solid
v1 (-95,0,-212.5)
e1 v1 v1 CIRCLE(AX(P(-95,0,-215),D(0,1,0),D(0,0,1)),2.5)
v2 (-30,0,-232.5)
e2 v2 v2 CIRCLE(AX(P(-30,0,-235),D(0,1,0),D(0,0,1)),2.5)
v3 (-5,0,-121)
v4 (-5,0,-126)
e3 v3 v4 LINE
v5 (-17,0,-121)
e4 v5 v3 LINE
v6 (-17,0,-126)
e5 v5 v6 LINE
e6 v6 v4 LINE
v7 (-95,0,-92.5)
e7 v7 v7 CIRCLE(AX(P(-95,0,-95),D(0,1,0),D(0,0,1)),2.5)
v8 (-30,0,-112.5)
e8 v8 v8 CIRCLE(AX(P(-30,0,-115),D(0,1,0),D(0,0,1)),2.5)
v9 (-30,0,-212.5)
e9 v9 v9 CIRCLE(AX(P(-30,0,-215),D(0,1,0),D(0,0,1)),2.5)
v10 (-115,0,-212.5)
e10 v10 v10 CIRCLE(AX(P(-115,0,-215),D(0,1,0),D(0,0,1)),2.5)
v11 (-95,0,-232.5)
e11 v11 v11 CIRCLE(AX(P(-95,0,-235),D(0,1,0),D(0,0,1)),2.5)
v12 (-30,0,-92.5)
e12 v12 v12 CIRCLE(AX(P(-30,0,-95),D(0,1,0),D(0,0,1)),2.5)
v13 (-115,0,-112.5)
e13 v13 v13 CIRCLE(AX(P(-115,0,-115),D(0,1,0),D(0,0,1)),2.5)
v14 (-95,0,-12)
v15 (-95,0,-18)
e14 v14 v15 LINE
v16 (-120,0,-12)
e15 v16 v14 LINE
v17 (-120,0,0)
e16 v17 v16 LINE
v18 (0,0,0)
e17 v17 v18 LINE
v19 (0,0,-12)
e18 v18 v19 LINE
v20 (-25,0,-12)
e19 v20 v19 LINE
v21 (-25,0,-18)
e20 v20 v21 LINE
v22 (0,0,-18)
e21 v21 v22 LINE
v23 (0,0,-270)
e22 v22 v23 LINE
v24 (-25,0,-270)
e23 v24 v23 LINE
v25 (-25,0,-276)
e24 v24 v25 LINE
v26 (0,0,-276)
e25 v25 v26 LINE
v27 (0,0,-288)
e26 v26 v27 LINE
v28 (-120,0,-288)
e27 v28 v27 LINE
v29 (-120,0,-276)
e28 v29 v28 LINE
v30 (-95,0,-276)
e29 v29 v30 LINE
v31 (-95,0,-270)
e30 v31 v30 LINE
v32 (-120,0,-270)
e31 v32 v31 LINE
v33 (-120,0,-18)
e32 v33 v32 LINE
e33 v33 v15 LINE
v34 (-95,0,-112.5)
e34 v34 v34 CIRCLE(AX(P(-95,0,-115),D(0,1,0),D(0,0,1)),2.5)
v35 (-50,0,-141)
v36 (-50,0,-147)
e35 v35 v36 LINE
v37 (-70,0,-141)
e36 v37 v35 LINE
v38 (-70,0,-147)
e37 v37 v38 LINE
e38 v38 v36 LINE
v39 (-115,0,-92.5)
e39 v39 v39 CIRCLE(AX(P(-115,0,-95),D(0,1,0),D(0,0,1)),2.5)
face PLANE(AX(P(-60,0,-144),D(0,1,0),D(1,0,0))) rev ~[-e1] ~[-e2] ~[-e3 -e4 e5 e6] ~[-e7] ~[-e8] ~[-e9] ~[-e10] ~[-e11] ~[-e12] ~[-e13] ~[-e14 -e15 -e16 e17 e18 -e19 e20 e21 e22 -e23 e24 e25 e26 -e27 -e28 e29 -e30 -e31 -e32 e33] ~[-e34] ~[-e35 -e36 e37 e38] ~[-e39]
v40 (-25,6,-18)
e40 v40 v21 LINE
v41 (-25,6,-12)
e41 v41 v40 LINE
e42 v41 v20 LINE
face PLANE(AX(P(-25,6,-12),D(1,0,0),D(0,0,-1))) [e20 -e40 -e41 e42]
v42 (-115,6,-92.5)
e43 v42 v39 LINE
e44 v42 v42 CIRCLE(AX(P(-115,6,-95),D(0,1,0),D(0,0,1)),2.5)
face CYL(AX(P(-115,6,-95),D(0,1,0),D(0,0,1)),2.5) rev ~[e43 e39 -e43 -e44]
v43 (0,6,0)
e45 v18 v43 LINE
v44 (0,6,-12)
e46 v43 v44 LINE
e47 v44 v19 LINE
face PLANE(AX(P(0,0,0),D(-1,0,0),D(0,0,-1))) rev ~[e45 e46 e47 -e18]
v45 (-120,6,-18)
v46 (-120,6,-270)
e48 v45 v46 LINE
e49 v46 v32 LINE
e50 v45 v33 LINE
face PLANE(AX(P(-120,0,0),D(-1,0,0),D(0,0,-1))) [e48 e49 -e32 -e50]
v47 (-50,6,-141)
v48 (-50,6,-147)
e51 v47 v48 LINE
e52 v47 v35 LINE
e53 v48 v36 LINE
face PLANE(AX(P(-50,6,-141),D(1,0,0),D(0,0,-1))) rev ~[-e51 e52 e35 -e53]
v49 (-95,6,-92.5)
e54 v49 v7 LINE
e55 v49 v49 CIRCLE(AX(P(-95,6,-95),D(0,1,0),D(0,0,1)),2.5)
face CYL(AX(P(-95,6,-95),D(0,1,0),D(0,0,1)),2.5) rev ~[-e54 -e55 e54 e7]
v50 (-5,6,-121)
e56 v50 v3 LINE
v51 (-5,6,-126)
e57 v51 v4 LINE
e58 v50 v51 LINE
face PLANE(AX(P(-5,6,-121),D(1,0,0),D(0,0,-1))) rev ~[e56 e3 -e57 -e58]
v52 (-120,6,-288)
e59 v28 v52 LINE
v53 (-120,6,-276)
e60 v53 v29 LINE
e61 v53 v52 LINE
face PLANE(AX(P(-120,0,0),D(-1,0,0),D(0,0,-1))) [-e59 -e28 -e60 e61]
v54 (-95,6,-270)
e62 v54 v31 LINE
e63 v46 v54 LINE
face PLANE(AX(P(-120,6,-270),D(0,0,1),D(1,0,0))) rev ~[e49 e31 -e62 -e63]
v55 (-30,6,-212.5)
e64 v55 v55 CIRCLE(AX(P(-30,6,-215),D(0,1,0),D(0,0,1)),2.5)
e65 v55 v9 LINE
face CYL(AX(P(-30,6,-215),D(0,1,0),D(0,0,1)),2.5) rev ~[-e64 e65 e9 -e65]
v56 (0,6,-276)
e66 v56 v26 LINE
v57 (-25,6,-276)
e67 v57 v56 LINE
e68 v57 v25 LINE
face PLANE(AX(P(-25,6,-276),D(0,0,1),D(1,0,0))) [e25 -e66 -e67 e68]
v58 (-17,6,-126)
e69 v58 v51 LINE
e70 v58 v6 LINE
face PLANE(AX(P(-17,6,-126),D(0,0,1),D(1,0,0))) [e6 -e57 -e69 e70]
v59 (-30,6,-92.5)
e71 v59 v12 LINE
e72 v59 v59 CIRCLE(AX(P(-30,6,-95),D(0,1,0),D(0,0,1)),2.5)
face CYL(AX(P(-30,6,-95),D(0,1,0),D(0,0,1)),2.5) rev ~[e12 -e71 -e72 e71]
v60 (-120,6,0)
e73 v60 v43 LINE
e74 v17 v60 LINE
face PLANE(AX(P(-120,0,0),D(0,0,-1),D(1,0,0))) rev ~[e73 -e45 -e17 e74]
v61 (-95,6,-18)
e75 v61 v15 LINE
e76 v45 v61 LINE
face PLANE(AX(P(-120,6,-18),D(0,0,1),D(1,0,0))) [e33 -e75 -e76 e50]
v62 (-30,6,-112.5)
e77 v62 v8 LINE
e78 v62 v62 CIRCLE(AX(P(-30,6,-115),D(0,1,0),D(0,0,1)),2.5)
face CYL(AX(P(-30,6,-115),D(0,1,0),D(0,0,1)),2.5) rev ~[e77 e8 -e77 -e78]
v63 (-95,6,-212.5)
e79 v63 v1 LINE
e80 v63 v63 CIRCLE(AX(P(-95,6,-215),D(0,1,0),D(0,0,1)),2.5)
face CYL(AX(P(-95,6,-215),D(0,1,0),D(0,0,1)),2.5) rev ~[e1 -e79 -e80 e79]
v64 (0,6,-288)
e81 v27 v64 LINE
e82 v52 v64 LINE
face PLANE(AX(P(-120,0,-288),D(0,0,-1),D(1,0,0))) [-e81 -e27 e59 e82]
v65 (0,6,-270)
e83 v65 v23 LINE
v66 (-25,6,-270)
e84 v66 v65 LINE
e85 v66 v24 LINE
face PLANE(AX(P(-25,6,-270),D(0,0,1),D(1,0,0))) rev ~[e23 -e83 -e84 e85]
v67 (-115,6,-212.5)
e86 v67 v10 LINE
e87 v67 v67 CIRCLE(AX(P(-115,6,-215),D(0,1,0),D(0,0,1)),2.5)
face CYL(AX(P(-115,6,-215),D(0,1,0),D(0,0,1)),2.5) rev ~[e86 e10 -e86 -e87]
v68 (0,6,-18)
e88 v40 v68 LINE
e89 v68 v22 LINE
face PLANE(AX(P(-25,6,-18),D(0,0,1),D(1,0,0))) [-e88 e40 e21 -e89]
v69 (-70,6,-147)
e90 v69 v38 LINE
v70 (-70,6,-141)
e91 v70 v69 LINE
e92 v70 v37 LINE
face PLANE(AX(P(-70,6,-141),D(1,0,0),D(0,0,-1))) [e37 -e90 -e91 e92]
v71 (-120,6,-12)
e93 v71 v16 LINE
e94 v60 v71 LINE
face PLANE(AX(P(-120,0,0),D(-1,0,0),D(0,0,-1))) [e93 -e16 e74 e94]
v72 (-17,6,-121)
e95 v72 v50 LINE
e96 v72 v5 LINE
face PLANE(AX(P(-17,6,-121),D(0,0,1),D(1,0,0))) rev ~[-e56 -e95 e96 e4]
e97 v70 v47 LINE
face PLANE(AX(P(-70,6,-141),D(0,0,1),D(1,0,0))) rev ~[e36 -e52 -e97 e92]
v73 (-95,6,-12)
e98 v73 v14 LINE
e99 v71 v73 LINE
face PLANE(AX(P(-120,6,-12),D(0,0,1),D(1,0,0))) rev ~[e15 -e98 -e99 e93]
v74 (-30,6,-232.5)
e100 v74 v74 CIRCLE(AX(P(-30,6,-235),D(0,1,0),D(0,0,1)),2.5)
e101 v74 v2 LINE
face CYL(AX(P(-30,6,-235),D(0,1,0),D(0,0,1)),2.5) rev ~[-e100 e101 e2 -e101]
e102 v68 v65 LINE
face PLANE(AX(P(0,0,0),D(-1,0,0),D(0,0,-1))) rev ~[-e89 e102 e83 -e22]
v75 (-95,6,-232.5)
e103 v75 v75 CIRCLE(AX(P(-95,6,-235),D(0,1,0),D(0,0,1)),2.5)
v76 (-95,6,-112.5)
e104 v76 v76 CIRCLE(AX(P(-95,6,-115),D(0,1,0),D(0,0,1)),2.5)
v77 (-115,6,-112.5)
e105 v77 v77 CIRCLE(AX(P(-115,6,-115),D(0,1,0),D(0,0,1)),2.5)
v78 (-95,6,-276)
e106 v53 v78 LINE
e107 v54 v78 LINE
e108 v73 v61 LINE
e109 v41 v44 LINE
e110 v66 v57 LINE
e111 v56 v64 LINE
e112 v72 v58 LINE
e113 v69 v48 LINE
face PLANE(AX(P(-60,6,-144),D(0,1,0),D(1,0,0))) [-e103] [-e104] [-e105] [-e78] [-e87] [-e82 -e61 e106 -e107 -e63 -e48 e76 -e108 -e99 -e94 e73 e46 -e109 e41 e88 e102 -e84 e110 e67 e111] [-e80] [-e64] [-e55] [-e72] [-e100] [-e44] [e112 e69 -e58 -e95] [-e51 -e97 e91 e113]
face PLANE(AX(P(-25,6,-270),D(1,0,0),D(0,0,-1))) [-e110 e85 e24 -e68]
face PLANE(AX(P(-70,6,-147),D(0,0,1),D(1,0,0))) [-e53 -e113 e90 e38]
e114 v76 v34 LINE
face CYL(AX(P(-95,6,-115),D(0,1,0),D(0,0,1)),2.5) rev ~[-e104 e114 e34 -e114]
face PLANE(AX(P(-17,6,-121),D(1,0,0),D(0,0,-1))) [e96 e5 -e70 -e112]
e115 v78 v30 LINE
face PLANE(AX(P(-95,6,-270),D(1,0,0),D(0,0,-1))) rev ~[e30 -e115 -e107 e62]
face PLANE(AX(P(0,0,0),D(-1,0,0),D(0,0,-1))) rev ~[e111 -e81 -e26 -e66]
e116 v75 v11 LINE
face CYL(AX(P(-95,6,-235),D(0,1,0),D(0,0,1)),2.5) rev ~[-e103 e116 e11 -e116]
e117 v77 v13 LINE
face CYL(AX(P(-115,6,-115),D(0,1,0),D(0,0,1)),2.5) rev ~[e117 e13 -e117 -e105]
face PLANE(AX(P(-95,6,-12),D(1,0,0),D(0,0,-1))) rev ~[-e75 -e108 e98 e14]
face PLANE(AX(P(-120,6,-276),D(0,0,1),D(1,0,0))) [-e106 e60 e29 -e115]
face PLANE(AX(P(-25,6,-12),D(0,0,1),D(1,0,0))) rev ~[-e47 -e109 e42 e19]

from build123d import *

# Parameters (mm, degrees)
SKETCH1_W            = 120
SKETCH1_H            = 288
BOSS_EXTRUDE1_DEPTH  = 6
SKETCH2_W            = 25
SKETCH2_H            = 6
CUT_EXTRUDE1_DEPTH   = 313.057686975
LPATTERN1_COUNT      = 2
LPATTERN1_PITCH      = 258
LPATTERN1_COUNT_DIR2 = 2
LPATTERN1_PITCH_DIR2 = 95
SKETCH3_W            = 20
SKETCH3_H            = 6
CUT_EXTRUDE2_DEPTH   = 10
SKETCH4_R            = 2.5
CUT_EXTRUDE4_DEPTH   = 10
SKETCH6_W            = 12
SKETCH6_H            = 5
CUT_EXTRUDE5_DEPTH   = 10


with BuildPart() as part:
    # Sketch1 → Boss-Extrude1 (new body)
    with BuildSketch(Plane(origin=(0, 0, 0), x_dir=(1, 0, 0), z_dir=(0, 1, 0))):
        with Locations((-60, 144)):
            Rectangle(SKETCH1_W, SKETCH1_H)
    extrude(amount=BOSS_EXTRUDE1_DEPTH)

    # Sketch2 → Cut-Extrude1 (cut, through all)
    with BuildSketch(Plane(origin=(0, 6, 0), x_dir=(1, 0, 0), z_dir=(0, 1, 0))):
        with Locations((-107.5, 273)):
            Rectangle(SKETCH2_W, SKETCH2_H)
    cut_extrude1 = extrude(amount=-CUT_EXTRUDE1_DEPTH, mode=Mode.SUBTRACT)

    # LPattern1: Cut-Extrude1 2 × 2
    with Locations(*[(j * LPATTERN1_PITCH_DIR2, 0, i * LPATTERN1_PITCH) for i in range(LPATTERN1_COUNT) for j in range(LPATTERN1_COUNT_DIR2) if (i, j) != (0, 0)]):
        add(cut_extrude1, mode=Mode.SUBTRACT)

    # Sketch3 → Cut-Extrude2 (cut)
    with BuildSketch(Plane(origin=(0, 6, 0), x_dir=(1, 0, 0), z_dir=(0, 1, 0))):
        with Locations((-60, 144)):
            Rectangle(SKETCH3_W, SKETCH3_H)
    extrude(amount=-CUT_EXTRUDE2_DEPTH, mode=Mode.SUBTRACT)

    # Sketch4 → Cut-Extrude4 (cut)
    with BuildSketch(Plane(origin=(0, 6, 0), x_dir=(1, 0, 0), z_dir=(0, 1, 0))):
        with Locations(Location((-30, 235, 0), (0, 0, 270))):
            Circle(SKETCH4_R)
        with Locations(Location((-30, 215, 0), (0, 0, 270))):
            Circle(SKETCH4_R)
        with Locations(Location((-95, 235, 0), (0, 0, 270))):
            Circle(SKETCH4_R)
        with Locations(Location((-95, 215, 0), (0, 0, 270))):
            Circle(SKETCH4_R)
        with Locations(Location((-115, 215, 0), (0, 0, 270))):
            Circle(SKETCH4_R)
        with Locations(Location((-95, 115, 0), (0, 0, 270))):
            Circle(SKETCH4_R)
        with Locations(Location((-115, 115, 0), (0, 0, 270))):
            Circle(SKETCH4_R)
        with Locations(Location((-95, 95, 0), (0, 0, 270))):
            Circle(SKETCH4_R)
        with Locations(Location((-30, 115, 0), (0, 0, 270))):
            Circle(SKETCH4_R)
        with Locations(Location((-30, 95, 0), (0, 0, 270))):
            Circle(SKETCH4_R)
        with Locations(Location((-115, 95, 0), (0, 0, 270))):
            Circle(SKETCH4_R)
    extrude(amount=-CUT_EXTRUDE4_DEPTH, mode=Mode.SUBTRACT)

    # Sketch6 → Cut-Extrude5 (cut)
    with BuildSketch(Plane(origin=(0, 6, 0), x_dir=(1, 0, 0), z_dir=(0, 1, 0))):
        with Locations((-11, 123.5)):
            Rectangle(SKETCH6_W, SKETCH6_H)
    extrude(amount=-CUT_EXTRUDE5_DEPTH, mode=Mode.SUBTRACT)


solid = part.part
